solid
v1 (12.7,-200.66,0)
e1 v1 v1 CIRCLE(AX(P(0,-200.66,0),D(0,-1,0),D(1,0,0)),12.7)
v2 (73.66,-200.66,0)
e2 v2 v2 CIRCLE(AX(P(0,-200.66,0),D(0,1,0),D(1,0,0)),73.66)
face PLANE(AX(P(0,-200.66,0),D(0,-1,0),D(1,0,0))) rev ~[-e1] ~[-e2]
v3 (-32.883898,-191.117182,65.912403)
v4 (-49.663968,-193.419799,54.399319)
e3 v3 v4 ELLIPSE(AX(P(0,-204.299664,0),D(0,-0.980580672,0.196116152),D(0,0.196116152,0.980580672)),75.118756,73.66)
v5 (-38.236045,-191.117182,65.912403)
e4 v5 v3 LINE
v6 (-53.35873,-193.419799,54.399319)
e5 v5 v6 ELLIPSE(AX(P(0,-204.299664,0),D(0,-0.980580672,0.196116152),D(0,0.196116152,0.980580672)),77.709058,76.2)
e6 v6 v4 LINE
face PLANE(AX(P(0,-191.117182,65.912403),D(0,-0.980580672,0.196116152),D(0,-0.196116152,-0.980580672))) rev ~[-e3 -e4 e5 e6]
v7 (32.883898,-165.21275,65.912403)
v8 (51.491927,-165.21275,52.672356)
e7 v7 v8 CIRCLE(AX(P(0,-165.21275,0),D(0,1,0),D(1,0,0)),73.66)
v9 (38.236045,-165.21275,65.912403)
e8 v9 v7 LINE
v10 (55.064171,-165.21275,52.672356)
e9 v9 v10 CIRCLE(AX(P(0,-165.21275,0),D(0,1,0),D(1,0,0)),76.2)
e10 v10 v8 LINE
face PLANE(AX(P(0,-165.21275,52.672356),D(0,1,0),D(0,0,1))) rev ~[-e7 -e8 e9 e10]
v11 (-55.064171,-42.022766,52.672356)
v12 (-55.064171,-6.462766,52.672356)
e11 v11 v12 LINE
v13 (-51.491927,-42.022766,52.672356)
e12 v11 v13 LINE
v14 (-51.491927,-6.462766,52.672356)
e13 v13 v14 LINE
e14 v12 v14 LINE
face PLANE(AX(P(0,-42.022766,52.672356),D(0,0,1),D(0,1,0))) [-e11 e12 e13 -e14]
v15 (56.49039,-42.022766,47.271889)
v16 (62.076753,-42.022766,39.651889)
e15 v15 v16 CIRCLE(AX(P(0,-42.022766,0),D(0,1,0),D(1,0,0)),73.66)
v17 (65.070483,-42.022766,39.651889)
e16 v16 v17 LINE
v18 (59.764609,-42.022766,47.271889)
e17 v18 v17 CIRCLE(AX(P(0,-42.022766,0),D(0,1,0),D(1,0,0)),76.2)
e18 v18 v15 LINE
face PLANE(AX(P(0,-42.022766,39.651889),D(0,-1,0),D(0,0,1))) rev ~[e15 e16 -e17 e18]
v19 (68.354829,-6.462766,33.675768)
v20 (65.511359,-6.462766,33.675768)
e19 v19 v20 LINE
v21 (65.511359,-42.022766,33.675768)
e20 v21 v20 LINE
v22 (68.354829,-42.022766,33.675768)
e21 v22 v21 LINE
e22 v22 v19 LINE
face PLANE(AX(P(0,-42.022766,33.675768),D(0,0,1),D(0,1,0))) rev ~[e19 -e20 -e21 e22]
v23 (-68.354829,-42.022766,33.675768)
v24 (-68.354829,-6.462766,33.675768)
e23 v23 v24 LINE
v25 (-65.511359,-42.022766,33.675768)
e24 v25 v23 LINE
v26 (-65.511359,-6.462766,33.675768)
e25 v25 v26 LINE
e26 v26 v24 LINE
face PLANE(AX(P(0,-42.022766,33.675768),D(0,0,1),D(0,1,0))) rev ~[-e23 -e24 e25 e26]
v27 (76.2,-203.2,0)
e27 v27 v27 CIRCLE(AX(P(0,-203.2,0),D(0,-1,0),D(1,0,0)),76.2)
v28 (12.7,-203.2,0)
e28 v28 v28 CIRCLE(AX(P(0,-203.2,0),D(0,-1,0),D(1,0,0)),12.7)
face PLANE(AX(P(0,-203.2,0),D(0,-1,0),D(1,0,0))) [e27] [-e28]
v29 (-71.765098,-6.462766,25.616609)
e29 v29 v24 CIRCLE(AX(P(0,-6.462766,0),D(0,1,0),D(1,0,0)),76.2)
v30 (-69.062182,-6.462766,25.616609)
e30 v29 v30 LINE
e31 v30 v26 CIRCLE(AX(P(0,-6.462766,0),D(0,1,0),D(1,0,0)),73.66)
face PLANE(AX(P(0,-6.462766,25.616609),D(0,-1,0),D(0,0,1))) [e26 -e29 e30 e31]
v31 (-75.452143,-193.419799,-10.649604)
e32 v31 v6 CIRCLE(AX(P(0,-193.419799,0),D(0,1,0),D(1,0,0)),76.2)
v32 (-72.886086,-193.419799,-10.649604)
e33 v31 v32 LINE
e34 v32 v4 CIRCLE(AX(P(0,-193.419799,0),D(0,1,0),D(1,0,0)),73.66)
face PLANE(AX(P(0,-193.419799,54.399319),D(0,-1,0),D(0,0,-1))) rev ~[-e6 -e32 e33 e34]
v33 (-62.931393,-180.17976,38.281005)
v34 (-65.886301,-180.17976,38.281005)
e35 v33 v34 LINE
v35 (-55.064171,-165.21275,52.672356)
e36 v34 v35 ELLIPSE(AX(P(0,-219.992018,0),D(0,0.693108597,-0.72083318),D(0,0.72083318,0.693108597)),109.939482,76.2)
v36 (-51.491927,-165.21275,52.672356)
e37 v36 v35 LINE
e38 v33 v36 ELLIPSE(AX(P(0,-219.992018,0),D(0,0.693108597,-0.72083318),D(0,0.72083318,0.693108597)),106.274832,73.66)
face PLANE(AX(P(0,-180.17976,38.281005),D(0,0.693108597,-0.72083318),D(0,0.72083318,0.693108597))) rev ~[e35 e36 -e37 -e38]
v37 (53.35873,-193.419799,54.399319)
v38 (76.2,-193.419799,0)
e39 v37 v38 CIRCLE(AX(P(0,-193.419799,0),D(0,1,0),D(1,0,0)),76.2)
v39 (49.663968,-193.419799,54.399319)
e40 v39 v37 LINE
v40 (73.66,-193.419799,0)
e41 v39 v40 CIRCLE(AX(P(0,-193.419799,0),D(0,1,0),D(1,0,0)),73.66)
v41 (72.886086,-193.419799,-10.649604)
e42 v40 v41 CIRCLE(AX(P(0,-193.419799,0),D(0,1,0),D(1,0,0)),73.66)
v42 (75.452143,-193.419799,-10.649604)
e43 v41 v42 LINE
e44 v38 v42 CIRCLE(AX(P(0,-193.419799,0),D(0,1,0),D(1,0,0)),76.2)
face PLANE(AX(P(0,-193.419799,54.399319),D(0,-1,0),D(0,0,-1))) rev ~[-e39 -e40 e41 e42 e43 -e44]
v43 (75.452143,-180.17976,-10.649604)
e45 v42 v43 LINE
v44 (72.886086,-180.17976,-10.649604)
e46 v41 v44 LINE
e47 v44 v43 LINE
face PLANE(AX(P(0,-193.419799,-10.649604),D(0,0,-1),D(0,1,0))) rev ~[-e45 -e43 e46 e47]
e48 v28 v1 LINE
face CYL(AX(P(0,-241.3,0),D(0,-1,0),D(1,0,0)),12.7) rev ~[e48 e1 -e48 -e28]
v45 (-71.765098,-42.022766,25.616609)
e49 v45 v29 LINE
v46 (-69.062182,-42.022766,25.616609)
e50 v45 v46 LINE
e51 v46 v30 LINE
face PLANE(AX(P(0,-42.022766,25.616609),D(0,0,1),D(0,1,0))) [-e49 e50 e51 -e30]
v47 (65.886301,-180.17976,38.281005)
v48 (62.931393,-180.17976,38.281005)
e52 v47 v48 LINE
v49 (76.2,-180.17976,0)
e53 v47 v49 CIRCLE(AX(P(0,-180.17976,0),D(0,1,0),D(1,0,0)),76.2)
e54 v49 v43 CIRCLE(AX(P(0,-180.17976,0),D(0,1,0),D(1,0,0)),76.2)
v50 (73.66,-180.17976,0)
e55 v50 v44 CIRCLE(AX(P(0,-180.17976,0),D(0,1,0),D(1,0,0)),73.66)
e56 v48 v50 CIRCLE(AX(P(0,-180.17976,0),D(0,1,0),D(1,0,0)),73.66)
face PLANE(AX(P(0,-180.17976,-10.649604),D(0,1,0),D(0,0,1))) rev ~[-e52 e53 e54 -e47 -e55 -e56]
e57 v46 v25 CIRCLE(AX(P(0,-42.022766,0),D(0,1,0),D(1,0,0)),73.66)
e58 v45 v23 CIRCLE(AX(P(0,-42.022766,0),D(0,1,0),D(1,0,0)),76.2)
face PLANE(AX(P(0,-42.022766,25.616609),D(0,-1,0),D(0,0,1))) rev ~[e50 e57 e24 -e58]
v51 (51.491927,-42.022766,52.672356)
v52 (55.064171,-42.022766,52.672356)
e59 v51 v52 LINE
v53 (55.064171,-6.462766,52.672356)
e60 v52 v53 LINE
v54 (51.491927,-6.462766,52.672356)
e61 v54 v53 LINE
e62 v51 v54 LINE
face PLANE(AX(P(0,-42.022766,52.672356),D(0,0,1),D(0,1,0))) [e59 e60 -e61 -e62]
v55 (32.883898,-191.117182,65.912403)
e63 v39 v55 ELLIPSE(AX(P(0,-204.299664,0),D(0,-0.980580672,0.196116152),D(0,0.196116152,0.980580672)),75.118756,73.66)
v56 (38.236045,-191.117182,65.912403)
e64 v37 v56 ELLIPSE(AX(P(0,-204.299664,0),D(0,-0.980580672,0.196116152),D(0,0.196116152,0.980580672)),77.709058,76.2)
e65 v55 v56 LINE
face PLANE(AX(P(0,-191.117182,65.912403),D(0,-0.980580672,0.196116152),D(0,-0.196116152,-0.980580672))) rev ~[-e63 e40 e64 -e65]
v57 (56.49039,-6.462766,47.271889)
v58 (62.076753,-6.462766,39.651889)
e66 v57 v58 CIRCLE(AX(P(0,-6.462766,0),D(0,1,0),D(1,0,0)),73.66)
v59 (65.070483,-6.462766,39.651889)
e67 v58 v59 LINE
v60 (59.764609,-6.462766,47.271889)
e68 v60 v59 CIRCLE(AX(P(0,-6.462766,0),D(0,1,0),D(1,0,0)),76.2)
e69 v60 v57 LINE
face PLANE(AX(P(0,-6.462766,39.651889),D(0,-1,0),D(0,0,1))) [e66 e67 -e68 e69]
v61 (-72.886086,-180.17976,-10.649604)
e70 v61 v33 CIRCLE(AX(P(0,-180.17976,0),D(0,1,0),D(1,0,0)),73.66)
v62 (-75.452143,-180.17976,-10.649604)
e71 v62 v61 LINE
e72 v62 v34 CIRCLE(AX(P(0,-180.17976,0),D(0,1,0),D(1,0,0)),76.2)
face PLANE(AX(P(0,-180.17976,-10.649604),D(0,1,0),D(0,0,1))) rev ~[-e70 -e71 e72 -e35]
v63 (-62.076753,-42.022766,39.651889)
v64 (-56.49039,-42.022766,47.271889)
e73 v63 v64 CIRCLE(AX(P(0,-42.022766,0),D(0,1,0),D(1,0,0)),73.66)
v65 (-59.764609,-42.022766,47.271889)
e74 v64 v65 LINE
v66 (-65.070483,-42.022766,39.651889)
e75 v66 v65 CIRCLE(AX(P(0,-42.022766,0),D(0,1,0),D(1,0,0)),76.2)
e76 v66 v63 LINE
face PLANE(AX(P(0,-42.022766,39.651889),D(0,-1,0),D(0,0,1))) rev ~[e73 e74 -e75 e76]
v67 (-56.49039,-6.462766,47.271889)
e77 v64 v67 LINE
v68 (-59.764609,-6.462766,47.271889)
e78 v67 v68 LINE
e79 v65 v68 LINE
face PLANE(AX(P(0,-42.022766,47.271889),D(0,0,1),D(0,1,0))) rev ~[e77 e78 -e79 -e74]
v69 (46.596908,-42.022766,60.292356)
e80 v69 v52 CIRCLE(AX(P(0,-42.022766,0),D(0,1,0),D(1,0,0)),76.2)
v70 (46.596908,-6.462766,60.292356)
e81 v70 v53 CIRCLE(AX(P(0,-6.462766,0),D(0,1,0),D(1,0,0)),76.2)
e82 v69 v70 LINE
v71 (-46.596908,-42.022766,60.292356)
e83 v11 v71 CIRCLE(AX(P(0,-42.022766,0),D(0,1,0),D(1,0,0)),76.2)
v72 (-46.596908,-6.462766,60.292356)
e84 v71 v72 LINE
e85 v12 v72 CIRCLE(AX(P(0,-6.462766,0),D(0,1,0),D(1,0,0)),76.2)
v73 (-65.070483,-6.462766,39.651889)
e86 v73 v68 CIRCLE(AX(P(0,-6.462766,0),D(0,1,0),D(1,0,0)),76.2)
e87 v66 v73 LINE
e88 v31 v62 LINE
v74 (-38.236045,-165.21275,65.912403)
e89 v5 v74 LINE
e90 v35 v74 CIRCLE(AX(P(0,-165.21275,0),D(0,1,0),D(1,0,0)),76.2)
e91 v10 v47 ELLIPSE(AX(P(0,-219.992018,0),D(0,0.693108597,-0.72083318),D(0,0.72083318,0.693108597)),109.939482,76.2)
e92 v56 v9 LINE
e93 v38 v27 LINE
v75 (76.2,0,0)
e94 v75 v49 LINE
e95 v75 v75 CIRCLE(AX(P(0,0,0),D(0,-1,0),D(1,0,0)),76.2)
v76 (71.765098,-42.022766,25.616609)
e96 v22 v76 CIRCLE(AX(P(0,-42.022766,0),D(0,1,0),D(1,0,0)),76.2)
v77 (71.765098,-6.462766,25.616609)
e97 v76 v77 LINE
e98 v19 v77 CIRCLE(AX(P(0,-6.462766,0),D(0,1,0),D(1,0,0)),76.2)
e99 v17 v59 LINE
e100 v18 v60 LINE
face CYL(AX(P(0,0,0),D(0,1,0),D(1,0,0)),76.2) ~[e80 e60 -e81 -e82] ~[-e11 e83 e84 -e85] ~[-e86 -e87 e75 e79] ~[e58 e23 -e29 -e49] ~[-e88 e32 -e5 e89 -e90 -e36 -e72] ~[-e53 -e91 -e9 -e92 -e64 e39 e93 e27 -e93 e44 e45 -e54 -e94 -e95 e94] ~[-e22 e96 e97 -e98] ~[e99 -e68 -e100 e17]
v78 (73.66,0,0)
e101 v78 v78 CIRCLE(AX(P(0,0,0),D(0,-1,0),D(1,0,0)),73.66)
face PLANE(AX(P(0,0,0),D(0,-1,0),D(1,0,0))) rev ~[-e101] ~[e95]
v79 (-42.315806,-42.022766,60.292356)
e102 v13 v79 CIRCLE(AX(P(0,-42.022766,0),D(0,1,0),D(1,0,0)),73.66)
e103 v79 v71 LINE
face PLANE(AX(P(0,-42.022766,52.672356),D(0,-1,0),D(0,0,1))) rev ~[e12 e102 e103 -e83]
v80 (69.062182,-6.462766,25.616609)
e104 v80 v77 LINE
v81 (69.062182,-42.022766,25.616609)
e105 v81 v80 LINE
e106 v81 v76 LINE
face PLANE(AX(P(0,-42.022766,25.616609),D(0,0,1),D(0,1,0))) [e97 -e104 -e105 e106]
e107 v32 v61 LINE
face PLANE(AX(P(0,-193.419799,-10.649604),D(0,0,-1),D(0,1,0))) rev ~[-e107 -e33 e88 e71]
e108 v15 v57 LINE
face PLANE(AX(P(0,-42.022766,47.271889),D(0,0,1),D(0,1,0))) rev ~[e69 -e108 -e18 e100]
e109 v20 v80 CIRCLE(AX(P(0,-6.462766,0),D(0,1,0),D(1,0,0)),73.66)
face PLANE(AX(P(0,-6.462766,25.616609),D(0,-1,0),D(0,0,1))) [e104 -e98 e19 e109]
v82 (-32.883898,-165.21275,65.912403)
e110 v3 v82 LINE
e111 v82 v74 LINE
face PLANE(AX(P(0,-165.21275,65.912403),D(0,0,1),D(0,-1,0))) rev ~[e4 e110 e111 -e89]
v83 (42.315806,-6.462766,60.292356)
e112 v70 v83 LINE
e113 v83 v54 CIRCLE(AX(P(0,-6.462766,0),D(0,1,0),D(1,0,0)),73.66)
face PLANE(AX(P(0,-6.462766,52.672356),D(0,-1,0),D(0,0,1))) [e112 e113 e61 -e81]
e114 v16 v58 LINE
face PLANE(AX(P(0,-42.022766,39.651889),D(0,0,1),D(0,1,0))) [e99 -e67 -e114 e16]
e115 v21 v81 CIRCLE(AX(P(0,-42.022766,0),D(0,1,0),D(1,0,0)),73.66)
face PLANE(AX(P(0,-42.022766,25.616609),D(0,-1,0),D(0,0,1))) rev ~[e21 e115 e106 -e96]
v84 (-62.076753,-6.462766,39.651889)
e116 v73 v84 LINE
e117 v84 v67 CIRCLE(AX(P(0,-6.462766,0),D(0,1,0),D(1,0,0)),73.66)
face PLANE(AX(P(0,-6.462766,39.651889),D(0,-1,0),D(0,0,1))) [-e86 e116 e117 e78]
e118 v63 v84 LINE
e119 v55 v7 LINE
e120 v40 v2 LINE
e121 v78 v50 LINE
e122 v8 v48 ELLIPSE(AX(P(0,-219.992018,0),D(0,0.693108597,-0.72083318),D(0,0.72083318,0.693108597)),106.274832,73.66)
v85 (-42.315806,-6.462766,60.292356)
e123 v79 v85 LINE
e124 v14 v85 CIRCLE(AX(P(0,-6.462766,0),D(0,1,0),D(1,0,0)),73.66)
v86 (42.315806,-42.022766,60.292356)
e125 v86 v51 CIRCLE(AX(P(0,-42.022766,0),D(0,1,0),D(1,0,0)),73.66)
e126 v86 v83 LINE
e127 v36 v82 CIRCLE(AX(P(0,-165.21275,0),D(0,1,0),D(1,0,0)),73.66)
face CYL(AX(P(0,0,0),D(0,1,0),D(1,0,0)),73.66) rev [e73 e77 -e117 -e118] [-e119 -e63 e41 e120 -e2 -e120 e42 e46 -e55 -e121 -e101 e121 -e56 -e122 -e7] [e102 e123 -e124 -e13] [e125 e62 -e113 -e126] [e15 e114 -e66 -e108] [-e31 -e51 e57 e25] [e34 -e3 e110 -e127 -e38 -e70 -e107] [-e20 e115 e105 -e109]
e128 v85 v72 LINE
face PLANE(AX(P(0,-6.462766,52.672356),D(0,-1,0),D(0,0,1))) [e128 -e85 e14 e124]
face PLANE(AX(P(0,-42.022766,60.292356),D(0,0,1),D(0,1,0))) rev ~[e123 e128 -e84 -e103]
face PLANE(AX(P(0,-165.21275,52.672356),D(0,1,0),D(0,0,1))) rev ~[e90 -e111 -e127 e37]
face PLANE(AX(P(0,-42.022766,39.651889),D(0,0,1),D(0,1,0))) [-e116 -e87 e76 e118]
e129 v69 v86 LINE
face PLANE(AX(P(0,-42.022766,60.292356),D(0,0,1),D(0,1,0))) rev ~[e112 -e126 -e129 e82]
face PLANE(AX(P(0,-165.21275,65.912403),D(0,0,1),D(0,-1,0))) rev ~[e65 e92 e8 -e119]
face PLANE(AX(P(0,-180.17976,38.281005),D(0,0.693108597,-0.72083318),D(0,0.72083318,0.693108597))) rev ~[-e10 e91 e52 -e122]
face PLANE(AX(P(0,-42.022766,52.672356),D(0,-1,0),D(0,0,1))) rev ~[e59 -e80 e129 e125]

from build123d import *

# Parameters (mm, degrees)
F0_R     = 76.2
F1_DEPTH = 203.2
F2_R     = 12.7
F3_DEPTH = 38.1
F4_T     = -2.54
F5_W     = 35.56
F5_H     = 7.62
F5_H_2   = 8.059159
F6_DEPTH = 88.9
F7_R     = 12.7
F8_DEPTH = 241.301


with BuildPart() as f1:
    # F0 (on Front) → F1 (new body)
    with BuildSketch(Plane.XZ):
        Circle(F0_R)
    extrude(amount=F1_DEPTH)

    # F2 (on face) → F3 (join)
    with BuildSketch(Plane.XZ.offset(203.2)):
        Circle(F2_R)
    extrude(amount=F3_DEPTH)

    # F4
    f4_openings = [f1.faces().sort_by_distance(p)[0] for p in [
        (0, 0, 0),
    ]]
    offset(amount=F4_T, openings=f4_openings)

    # F5 (on Right) → F6 (cut, symmetric)
    with BuildSketch(Plane.YZ):
        with Locations((-24.242766, 56.482356)):
            Rectangle(F5_W, F5_H)
        with Locations((-24.242766, 43.461889)):
            Rectangle(F5_W, F5_H)
        with Locations((-24.242766, 29.646189)):
            Rectangle(F5_W, F5_H_2)
        Polygon((-165.21275, 65.912403), (-191.117182, 65.912403), (-193.419799, 54.399319), (-193.419799, -10.649604), (-180.17976, -10.649604), (-180.17976, 38.281005), (-165.21275, 52.672356), align=None)
    extrude(amount=F6_DEPTH, both=True, mode=Mode.SUBTRACT)

    # F7 (on face) → F8 (cut, through all)
    with BuildSketch(Plane.XZ.offset(241.3)):
        Circle(F7_R)
    extrude(amount=-F8_DEPTH, mode=Mode.SUBTRACT)


solid = f1.part
